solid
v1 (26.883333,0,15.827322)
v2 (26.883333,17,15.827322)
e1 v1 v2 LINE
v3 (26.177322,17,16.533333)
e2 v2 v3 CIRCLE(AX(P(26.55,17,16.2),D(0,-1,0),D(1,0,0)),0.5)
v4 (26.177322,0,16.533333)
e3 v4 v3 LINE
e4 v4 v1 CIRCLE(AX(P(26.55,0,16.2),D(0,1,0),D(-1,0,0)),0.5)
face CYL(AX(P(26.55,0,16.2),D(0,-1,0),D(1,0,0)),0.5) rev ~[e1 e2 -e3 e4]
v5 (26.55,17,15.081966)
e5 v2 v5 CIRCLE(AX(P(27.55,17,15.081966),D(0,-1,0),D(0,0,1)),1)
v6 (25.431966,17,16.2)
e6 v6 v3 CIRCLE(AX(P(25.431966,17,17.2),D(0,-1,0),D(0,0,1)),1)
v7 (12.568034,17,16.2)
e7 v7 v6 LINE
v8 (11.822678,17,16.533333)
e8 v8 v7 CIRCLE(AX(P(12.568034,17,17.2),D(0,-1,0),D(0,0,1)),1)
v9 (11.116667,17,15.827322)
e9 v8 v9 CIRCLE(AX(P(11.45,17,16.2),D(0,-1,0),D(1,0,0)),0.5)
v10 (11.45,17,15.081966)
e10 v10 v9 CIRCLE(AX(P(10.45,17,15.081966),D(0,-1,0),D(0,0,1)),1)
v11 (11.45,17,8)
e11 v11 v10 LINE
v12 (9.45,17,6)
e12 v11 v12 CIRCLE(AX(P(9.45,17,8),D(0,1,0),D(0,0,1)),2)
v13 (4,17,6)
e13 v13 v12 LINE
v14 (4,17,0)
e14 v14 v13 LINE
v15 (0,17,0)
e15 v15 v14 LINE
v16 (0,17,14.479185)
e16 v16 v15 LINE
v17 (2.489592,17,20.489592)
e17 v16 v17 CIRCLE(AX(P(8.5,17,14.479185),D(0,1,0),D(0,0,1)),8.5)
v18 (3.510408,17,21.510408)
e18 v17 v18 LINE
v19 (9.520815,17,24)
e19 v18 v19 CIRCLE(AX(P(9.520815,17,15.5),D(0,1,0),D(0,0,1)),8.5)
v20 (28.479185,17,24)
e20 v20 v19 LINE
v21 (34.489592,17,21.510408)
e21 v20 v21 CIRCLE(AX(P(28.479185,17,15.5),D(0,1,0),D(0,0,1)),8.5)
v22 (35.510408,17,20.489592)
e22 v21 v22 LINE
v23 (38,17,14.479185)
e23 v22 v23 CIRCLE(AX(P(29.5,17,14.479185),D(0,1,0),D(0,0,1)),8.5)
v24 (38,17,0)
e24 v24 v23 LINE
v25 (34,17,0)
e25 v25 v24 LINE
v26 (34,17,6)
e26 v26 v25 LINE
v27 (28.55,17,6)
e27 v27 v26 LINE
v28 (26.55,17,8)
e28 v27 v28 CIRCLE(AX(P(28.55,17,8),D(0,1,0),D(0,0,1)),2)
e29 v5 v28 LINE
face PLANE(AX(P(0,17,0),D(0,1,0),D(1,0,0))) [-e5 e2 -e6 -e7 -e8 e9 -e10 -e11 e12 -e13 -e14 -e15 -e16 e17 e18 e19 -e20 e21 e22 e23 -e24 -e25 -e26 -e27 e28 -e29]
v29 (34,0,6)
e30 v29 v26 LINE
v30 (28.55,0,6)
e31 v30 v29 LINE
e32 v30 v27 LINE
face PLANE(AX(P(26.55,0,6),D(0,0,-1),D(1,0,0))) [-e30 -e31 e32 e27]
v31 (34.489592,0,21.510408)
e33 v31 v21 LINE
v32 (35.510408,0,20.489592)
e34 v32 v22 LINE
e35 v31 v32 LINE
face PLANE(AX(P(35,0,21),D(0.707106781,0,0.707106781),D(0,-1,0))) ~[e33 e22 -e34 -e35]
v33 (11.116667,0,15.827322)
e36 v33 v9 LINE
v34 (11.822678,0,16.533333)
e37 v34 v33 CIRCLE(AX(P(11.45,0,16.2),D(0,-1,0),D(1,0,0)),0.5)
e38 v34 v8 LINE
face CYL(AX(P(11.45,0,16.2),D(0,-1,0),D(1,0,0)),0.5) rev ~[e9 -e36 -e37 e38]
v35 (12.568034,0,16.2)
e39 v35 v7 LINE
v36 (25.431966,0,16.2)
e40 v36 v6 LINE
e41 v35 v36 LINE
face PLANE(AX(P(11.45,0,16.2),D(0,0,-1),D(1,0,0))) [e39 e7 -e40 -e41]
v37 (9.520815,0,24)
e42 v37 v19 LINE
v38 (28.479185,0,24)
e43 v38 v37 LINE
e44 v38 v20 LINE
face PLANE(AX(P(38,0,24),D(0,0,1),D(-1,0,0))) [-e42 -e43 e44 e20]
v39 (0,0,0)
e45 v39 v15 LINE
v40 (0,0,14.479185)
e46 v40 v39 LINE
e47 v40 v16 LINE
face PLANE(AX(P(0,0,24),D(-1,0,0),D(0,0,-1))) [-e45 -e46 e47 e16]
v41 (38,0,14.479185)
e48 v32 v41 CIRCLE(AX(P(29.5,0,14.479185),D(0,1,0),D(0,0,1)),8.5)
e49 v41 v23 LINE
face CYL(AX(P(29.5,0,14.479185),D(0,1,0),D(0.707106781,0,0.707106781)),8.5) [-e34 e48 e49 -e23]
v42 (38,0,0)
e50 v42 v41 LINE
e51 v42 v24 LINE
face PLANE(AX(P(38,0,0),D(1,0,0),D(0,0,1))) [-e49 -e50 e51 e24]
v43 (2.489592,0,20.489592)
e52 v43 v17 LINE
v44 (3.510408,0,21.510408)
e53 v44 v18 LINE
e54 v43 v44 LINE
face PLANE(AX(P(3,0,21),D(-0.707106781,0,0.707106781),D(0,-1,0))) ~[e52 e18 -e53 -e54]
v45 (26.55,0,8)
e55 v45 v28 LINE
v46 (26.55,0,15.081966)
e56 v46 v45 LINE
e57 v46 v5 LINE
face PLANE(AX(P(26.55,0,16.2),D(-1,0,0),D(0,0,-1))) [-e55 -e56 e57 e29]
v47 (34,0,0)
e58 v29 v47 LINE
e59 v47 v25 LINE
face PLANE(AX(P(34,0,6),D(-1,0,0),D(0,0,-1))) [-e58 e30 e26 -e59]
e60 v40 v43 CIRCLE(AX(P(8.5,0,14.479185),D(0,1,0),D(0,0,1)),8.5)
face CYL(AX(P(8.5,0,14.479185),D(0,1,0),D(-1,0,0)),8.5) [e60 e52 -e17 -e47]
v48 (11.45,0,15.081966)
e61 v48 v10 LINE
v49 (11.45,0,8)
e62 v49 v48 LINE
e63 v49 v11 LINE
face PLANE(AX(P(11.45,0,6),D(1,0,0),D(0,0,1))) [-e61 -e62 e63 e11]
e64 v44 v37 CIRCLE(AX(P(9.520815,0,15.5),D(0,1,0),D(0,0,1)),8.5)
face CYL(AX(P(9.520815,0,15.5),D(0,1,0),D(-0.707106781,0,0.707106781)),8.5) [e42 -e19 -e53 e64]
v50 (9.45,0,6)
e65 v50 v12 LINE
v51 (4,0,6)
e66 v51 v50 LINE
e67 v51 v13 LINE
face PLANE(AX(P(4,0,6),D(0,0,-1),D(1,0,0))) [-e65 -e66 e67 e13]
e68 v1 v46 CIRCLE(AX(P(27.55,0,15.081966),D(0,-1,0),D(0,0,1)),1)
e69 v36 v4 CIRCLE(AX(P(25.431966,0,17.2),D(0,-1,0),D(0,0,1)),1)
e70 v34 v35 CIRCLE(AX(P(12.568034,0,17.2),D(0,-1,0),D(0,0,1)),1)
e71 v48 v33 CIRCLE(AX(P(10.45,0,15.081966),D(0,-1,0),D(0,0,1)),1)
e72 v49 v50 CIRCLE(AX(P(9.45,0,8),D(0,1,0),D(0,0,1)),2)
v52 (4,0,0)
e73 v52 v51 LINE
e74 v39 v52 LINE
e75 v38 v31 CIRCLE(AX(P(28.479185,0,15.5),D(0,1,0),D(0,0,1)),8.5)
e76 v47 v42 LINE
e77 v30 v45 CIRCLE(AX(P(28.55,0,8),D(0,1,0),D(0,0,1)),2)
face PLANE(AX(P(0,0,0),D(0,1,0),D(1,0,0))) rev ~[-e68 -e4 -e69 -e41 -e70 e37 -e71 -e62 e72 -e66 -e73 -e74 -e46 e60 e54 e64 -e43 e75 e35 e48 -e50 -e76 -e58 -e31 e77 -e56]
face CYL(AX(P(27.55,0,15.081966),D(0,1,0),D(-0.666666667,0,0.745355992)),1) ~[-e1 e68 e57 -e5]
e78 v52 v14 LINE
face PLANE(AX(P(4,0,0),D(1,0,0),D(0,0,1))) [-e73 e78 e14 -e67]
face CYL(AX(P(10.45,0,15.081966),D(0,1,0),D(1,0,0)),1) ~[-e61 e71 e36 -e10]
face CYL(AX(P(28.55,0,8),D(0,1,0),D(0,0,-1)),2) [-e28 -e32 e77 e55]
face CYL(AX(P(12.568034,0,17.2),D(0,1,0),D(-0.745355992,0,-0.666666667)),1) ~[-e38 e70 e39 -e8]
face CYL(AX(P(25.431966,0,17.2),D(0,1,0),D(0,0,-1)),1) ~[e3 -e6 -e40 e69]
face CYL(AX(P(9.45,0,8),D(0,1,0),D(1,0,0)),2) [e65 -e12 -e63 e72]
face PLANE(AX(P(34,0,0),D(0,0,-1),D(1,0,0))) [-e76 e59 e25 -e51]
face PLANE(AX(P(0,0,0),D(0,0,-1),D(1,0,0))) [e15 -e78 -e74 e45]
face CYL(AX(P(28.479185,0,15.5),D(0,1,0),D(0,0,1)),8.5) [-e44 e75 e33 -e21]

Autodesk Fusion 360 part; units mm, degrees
sketch "Sketch1" plane through (0, 0, 0) normal (0, 1, 0) x (1, 0, 0)
  line L0 (0, 0) -> (4, 0)
  line L1 (4, 0) -> (4, -6)
  line L2 (4, -6) -> (11.45, -6)
  line L3 (11.45, -6) -> (11.45, -16.2)
  line L4 (11.45, -16.2) -> (26.55, -16.2)
  line L5 (26.55, -16.2) -> (26.55, -6)
  line L6 (26.55, -6) -> (34, -6)
  line L7 (34, -6) -> (34, 0)
  line L8 (34, 0) -> (38, 0)
  line L9 (38, 0) -> (38, -24)
  line L10 (38, -24) -> (0, -24)
  line L11 (0, -24) -> (0, 0)
  dimension "d1" = 15.1
  dimension "d2" = 10.2
  dimension "d3" = 30
  dimension "d4" = 6
  dimension "d5" = 4
  dimension "d6" = 24
extrude "Extrude1" add sketch "Sketch1" along normal blind 17
chamfer "Chamfer1" distance 6 distance2 6 2 edges at (38, 8.5, 24) (0, 8.5, 24) measured on face at (25.3333, 5.6667, 24) measured on face at (0, 5.6667, 16)
fillet "Fillet1" radius 2 2 edges at (11.45, 8.5, 6) (26.55, 8.5, 6)
sketch "Sketch2" plane through (0, 0, 0) normal (0, -1, 0) x (1, 0, 0)
  arc A0 (26.55, 8) -> (28.55, 6) centre (28.55, 8) ccw
  line L0 (28.55, 6) -> (34, 6)
  line L1 (34, 6) -> (34, 0)
  line L2 (34, 0) -> (38, 0)
  line L3 (38, 0) -> (38, 18)
  line L4 (38, 18) -> (32, 24)
  line L5 (32, 24) -> (6, 24)
  line L6 (6, 24) -> (0, 18)
  line L7 (0, 18) -> (0, 0)
  line L8 (0, 0) -> (4, 0)
  line L9 (4, 0) -> (4, 6)
  line L10 (4, 6) -> (9.45, 6)
  arc A1 (9.45, 6) -> (11.45, 8) centre (9.45, 8) ccw
  line L11 (11.45, 8) -> (11.45, 16.2)
  line L12 (11.45, 16.2) -> (26.55, 16.2)
  line L13 (26.55, 16.2) -> (26.55, 8)
  circle A2 centre (11.45, 16.2) radius 0.5
  circle A3 centre (26.55, 16.2) radius 0.5
  dimension "d13" = 1
  dimension "d14" = 1
extrude "Extrude2" cut sketch "Sketch2" against normal through all contours L12 L13 A3 | L11 L12 A2 picked at (26.2406, 16.3214) picked at (11.3772, 15.8756)
fillet "Fillet2" radius 1 4 edges at (11.45, 8.5, 15.7) (11.95, 8.5, 16.2) (26.05, 8.5, 16.2) (26.55, 8.5, 15.7)
fillet "Fillet5" radius 8.5 4 edges at (6, 8.5, 24) (0, 8.5, 18) (32, 8.5, 24) (38, 8.5, 18)
